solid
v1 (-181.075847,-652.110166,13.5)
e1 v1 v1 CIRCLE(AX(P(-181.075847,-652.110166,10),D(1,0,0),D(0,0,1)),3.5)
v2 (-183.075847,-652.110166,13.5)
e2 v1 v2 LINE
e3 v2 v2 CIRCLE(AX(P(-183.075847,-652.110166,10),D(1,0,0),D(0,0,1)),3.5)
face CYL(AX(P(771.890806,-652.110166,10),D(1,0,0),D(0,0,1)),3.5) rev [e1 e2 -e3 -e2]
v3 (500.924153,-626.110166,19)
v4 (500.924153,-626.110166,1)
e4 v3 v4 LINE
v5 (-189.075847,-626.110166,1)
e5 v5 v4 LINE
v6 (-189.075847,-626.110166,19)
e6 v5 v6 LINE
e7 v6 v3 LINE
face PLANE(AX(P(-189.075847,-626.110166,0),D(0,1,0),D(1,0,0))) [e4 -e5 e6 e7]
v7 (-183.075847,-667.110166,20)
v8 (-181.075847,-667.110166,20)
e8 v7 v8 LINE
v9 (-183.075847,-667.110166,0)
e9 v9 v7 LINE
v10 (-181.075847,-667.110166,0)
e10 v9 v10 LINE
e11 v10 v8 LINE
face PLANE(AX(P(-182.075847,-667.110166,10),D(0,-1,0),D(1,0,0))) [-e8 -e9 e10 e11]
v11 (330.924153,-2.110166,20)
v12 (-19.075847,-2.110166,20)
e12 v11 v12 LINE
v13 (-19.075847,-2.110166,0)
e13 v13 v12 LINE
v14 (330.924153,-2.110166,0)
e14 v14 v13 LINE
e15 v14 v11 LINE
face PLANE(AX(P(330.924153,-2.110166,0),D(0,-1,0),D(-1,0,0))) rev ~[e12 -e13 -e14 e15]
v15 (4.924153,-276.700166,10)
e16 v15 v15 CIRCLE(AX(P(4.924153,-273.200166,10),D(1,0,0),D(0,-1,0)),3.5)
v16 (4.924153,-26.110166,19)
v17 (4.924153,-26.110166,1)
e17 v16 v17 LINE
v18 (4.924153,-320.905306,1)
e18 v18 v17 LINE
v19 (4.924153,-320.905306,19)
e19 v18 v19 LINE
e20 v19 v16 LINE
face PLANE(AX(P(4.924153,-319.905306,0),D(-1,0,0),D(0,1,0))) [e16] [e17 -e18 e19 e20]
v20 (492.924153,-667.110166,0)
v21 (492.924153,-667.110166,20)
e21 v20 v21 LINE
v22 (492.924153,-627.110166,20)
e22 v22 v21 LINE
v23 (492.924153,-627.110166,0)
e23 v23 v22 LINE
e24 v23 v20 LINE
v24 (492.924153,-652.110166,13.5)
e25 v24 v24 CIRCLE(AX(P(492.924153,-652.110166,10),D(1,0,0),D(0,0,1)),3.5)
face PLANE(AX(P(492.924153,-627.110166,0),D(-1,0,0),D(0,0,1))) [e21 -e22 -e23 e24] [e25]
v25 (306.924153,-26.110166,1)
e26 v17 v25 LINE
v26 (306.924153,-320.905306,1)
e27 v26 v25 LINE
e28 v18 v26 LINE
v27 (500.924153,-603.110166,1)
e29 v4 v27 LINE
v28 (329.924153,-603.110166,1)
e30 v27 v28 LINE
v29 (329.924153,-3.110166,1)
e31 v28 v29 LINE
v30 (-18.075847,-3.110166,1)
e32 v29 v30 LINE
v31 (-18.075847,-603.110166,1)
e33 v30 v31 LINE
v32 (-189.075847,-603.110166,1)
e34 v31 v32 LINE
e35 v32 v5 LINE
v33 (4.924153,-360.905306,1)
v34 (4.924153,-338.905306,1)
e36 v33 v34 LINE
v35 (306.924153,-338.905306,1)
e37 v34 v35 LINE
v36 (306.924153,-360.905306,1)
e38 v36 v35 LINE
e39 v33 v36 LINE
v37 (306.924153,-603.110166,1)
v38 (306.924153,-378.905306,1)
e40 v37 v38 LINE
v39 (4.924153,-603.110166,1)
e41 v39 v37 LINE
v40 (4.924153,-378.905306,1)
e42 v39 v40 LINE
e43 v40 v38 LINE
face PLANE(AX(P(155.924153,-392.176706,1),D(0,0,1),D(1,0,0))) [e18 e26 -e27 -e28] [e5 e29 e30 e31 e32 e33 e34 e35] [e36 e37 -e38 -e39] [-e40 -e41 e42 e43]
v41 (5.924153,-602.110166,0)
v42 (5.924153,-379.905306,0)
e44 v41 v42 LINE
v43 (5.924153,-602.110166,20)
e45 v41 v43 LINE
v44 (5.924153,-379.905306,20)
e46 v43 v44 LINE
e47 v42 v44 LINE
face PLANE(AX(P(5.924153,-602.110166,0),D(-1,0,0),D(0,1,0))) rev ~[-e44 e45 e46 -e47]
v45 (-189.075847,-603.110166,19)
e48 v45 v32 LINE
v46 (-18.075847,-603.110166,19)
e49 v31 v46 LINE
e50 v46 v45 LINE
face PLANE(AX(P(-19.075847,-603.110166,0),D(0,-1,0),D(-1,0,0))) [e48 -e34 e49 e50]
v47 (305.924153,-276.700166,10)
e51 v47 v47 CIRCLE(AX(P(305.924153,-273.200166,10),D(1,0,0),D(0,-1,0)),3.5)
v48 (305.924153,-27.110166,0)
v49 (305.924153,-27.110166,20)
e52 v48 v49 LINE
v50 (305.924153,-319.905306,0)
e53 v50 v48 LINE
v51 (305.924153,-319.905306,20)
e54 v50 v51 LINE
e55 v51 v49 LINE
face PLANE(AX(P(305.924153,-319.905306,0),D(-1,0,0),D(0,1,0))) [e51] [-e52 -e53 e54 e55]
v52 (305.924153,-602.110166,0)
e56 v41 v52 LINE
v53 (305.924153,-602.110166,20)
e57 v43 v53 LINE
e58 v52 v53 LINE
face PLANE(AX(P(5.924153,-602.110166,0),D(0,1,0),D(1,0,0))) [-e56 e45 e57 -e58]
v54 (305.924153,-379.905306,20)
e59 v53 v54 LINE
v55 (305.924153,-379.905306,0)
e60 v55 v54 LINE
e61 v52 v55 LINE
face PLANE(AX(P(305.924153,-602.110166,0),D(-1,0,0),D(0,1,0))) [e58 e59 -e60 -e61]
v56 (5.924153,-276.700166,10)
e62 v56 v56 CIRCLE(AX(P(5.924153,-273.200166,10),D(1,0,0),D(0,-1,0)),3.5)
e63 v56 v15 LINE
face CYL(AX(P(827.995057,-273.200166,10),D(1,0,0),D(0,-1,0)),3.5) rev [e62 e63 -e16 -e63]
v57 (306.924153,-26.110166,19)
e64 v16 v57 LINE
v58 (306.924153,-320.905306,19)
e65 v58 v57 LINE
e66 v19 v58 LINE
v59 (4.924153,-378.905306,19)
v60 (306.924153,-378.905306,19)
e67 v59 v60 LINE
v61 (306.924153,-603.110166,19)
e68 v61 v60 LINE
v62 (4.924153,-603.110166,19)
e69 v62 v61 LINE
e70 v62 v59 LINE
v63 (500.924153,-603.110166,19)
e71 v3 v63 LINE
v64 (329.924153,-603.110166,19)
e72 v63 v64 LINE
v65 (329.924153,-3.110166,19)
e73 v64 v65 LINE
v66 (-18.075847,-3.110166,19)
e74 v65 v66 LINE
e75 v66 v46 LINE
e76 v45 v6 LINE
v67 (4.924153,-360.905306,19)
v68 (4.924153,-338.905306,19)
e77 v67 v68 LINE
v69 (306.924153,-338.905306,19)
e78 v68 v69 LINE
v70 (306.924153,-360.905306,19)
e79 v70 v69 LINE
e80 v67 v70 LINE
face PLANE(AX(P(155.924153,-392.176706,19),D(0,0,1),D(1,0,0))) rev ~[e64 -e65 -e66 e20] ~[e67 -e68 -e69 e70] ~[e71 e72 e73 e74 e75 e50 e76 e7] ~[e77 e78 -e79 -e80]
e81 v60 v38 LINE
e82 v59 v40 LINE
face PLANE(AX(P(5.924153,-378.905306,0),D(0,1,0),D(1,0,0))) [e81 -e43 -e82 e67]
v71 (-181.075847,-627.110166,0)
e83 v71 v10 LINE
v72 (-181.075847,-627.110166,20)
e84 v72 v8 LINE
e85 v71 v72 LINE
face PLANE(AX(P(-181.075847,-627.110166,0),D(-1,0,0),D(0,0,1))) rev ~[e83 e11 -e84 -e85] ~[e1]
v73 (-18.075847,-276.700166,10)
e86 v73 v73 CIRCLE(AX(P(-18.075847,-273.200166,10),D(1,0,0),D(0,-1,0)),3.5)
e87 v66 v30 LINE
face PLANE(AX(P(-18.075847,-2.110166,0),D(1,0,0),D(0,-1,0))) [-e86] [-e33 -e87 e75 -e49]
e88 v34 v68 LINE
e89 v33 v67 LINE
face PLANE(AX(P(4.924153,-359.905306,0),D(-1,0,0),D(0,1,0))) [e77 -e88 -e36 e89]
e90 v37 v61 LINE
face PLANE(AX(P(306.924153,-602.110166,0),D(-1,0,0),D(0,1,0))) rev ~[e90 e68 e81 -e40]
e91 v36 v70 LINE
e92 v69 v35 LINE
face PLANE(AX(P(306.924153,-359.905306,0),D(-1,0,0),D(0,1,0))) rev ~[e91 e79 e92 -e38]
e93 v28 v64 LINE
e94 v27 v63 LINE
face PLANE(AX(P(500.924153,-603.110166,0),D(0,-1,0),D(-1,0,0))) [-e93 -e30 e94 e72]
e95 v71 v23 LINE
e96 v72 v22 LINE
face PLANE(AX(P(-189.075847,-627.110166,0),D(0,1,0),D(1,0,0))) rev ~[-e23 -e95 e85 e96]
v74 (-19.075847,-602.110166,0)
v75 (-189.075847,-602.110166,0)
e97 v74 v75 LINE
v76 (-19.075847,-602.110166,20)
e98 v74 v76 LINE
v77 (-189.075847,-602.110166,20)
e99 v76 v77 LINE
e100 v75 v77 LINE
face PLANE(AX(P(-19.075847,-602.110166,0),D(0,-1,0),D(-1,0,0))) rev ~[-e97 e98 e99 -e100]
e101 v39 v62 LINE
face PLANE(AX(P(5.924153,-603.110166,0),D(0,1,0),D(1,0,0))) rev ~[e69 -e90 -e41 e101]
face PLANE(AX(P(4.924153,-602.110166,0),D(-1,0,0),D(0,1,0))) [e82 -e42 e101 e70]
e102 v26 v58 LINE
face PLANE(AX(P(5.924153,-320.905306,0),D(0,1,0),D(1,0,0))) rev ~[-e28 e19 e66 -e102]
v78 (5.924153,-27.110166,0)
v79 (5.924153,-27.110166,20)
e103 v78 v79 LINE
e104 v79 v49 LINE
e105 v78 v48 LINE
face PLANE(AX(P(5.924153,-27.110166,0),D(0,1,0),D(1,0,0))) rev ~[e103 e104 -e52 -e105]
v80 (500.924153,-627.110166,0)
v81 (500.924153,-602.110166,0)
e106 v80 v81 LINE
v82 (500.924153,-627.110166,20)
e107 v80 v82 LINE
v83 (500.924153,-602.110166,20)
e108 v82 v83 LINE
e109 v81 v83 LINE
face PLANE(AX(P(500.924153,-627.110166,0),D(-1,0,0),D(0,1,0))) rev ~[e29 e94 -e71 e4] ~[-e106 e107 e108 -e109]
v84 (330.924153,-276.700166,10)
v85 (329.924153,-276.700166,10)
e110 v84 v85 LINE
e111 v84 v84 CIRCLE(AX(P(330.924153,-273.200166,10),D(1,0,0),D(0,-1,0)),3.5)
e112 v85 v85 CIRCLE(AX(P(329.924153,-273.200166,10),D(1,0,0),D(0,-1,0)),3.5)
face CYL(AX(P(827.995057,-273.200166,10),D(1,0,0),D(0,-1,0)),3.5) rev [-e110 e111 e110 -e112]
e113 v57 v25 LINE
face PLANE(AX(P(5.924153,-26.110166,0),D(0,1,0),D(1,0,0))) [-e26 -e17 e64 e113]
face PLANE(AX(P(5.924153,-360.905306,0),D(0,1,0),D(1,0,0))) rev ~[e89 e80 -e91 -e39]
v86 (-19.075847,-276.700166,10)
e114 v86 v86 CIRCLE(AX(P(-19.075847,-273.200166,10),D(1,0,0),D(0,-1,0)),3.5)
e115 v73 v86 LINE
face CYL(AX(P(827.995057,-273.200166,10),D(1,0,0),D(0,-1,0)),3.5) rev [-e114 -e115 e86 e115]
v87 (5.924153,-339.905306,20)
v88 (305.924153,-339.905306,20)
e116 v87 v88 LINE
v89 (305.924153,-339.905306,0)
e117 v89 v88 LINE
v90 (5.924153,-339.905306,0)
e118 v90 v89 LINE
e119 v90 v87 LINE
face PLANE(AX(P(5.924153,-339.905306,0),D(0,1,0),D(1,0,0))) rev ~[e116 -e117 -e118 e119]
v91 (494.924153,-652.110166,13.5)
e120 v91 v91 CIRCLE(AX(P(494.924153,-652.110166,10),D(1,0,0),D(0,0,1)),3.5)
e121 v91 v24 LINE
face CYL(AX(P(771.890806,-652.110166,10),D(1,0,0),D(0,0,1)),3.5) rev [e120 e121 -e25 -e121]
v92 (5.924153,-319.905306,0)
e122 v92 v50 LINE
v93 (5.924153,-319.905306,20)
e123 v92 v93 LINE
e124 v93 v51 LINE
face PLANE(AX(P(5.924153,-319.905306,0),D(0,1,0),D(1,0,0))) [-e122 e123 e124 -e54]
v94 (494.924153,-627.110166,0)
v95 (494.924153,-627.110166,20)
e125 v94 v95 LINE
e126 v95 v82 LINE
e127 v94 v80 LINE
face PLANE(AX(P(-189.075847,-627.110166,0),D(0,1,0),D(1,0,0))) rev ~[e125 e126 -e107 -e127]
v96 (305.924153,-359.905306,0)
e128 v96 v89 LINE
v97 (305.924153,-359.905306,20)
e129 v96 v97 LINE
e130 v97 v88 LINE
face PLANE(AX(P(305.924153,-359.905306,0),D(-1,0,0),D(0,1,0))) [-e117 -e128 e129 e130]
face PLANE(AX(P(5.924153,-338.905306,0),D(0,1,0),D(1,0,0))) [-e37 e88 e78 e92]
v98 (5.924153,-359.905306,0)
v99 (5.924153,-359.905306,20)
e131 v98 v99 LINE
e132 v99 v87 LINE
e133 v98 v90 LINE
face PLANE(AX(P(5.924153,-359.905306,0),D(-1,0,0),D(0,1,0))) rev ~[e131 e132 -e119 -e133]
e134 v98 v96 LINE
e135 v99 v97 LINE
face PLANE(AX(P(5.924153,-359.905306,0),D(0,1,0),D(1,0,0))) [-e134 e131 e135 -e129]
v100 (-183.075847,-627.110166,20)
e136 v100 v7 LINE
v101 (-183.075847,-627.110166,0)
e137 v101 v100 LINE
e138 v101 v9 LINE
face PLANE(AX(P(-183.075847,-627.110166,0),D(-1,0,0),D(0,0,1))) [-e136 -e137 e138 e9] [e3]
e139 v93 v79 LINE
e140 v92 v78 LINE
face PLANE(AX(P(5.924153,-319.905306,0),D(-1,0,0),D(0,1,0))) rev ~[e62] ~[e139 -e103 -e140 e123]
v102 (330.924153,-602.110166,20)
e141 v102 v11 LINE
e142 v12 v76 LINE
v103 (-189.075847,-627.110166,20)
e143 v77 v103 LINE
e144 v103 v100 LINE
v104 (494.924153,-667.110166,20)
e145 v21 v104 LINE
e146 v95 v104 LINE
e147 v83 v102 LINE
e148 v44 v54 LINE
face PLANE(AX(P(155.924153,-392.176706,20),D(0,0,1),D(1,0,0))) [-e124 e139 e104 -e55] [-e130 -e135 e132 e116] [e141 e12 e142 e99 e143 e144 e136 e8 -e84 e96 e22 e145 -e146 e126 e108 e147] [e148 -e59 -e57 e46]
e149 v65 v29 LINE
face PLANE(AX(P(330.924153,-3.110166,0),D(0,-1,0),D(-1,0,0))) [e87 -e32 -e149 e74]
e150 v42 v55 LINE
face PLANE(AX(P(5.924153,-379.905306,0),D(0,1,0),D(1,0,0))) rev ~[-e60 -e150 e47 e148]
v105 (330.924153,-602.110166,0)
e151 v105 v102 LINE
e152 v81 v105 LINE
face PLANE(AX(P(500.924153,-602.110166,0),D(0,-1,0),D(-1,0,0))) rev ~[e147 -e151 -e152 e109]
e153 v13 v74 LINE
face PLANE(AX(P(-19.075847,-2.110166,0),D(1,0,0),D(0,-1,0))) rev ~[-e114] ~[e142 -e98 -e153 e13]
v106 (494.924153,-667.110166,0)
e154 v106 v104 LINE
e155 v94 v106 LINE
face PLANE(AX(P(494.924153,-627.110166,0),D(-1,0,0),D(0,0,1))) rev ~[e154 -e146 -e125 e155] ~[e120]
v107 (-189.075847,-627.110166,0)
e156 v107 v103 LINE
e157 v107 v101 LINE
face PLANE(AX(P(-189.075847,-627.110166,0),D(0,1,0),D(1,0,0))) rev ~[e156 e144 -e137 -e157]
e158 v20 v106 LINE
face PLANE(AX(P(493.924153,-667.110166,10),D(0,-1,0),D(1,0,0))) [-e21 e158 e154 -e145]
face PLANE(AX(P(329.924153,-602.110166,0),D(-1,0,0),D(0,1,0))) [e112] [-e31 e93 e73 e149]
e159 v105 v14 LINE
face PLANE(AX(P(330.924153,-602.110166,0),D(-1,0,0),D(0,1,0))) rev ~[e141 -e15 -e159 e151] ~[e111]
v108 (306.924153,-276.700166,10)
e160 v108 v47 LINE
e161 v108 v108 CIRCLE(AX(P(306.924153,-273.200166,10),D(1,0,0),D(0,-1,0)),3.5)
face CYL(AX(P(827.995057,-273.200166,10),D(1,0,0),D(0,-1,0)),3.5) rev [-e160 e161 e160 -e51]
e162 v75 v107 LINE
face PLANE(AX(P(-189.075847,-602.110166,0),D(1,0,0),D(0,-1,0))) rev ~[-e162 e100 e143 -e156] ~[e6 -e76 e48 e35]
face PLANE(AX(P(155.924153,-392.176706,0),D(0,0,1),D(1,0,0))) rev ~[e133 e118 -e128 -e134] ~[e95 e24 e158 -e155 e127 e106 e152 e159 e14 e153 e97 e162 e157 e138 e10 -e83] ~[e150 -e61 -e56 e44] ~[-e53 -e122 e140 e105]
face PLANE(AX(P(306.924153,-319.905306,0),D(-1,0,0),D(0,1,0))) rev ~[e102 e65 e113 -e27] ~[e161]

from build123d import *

# Parameters (mm, degrees)
SKETCH2_W               = 300
SKETCH2_H               = 292.795139568
SKETCH2_H_2             = 222.204860432
SKETCH2_H_3             = 20
BOSS_EXTRUDE1_DEPTH     = 20
SHELL1_T                = -1
SKETCH3_W               = 2
SKETCH3_H               = 20
BOSS_EXTRUDE2_DEPTH     = 40
CUT_EXTRUDE1_DEPTH      = 960.966652524
CUT_EXTRUDE1_DEPTH_BACK = 960.966652524
SKETCH4_R               = 3.5
CUT_EXTRUDE2_DEPTH      = 847.070903624
CUT_EXTRUDE2_DEPTH_BACK = 847.070903624
SKETCH5_R               = 3.5


with BuildPart() as part:
    # Sketch2 → Boss-Extrude1 (new body)
    with BuildSketch(Plane.XY):
        Polygon((-19.075846715, -602.110166283), (-189.075846715, -602.110166283), (-189.075846715, -627.110166283), (500.924153285, -627.110166283), (500.924153285, -602.110166283), (330.924153285, -602.110166283), (330.924153285, -2.110166283), (-19.075846715, -2.110166283), align=None)
        with Locations((155.924153285, -173.507736067)):
            Rectangle(SKETCH2_W, SKETCH2_H, mode=Mode.SUBTRACT)
        with Locations((155.924153285, -491.007736067)):
            Rectangle(SKETCH2_W, SKETCH2_H_2, mode=Mode.SUBTRACT)
        with Locations((155.924153285, -349.905305851)):
            Rectangle(SKETCH2_W, SKETCH2_H_3, mode=Mode.SUBTRACT)
    extrude(amount=BOSS_EXTRUDE1_DEPTH)

    # Shell1
    shell1_openings = [part.faces().sort_by_distance(p)[0] for p in [
        (500.924153285, -614.610166283, 10),
        (-189.075846715, -614.610166283, 10),
    ]]
    offset(amount=SHELL1_T, openings=shell1_openings, kind=Kind.INTERSECTION)

    # Sketch3 → Boss-Extrude2 (add)
    with BuildSketch(Plane.XZ.offset(627.110166283)):
        with Locations((493.924153285, 10)):
            Rectangle(SKETCH3_W, SKETCH3_H)
        with Locations((-182.075846715, 10)):
            Rectangle(SKETCH3_W, SKETCH3_H)
    extrude(amount=BOSS_EXTRUDE2_DEPTH)

    # Sketch4 → Cut-Extrude1 (cut, two sides: drawn at the far end of the back side and taken through both)
    with BuildSketch(Plane.ZY.offset(189.075846715).offset(-CUT_EXTRUDE1_DEPTH_BACK)):
        with Locations((10, -652.110166283)):
            Circle(SKETCH4_R)
    extrude(amount=CUT_EXTRUDE1_DEPTH + CUT_EXTRUDE1_DEPTH_BACK, mode=Mode.SUBTRACT)

    # Sketch5 → Cut-Extrude2 (cut, two sides: drawn at the far end of the back side and taken through both)
    with BuildSketch(Plane.ZY.offset(19.075846715).offset(-CUT_EXTRUDE2_DEPTH_BACK)):
        with Locations(Location((10, -273.200166283, 0), (0, 0, 270))):
            Circle(SKETCH5_R)
    extrude(amount=CUT_EXTRUDE2_DEPTH + CUT_EXTRUDE2_DEPTH_BACK, mode=Mode.SUBTRACT)


solid = part.part
